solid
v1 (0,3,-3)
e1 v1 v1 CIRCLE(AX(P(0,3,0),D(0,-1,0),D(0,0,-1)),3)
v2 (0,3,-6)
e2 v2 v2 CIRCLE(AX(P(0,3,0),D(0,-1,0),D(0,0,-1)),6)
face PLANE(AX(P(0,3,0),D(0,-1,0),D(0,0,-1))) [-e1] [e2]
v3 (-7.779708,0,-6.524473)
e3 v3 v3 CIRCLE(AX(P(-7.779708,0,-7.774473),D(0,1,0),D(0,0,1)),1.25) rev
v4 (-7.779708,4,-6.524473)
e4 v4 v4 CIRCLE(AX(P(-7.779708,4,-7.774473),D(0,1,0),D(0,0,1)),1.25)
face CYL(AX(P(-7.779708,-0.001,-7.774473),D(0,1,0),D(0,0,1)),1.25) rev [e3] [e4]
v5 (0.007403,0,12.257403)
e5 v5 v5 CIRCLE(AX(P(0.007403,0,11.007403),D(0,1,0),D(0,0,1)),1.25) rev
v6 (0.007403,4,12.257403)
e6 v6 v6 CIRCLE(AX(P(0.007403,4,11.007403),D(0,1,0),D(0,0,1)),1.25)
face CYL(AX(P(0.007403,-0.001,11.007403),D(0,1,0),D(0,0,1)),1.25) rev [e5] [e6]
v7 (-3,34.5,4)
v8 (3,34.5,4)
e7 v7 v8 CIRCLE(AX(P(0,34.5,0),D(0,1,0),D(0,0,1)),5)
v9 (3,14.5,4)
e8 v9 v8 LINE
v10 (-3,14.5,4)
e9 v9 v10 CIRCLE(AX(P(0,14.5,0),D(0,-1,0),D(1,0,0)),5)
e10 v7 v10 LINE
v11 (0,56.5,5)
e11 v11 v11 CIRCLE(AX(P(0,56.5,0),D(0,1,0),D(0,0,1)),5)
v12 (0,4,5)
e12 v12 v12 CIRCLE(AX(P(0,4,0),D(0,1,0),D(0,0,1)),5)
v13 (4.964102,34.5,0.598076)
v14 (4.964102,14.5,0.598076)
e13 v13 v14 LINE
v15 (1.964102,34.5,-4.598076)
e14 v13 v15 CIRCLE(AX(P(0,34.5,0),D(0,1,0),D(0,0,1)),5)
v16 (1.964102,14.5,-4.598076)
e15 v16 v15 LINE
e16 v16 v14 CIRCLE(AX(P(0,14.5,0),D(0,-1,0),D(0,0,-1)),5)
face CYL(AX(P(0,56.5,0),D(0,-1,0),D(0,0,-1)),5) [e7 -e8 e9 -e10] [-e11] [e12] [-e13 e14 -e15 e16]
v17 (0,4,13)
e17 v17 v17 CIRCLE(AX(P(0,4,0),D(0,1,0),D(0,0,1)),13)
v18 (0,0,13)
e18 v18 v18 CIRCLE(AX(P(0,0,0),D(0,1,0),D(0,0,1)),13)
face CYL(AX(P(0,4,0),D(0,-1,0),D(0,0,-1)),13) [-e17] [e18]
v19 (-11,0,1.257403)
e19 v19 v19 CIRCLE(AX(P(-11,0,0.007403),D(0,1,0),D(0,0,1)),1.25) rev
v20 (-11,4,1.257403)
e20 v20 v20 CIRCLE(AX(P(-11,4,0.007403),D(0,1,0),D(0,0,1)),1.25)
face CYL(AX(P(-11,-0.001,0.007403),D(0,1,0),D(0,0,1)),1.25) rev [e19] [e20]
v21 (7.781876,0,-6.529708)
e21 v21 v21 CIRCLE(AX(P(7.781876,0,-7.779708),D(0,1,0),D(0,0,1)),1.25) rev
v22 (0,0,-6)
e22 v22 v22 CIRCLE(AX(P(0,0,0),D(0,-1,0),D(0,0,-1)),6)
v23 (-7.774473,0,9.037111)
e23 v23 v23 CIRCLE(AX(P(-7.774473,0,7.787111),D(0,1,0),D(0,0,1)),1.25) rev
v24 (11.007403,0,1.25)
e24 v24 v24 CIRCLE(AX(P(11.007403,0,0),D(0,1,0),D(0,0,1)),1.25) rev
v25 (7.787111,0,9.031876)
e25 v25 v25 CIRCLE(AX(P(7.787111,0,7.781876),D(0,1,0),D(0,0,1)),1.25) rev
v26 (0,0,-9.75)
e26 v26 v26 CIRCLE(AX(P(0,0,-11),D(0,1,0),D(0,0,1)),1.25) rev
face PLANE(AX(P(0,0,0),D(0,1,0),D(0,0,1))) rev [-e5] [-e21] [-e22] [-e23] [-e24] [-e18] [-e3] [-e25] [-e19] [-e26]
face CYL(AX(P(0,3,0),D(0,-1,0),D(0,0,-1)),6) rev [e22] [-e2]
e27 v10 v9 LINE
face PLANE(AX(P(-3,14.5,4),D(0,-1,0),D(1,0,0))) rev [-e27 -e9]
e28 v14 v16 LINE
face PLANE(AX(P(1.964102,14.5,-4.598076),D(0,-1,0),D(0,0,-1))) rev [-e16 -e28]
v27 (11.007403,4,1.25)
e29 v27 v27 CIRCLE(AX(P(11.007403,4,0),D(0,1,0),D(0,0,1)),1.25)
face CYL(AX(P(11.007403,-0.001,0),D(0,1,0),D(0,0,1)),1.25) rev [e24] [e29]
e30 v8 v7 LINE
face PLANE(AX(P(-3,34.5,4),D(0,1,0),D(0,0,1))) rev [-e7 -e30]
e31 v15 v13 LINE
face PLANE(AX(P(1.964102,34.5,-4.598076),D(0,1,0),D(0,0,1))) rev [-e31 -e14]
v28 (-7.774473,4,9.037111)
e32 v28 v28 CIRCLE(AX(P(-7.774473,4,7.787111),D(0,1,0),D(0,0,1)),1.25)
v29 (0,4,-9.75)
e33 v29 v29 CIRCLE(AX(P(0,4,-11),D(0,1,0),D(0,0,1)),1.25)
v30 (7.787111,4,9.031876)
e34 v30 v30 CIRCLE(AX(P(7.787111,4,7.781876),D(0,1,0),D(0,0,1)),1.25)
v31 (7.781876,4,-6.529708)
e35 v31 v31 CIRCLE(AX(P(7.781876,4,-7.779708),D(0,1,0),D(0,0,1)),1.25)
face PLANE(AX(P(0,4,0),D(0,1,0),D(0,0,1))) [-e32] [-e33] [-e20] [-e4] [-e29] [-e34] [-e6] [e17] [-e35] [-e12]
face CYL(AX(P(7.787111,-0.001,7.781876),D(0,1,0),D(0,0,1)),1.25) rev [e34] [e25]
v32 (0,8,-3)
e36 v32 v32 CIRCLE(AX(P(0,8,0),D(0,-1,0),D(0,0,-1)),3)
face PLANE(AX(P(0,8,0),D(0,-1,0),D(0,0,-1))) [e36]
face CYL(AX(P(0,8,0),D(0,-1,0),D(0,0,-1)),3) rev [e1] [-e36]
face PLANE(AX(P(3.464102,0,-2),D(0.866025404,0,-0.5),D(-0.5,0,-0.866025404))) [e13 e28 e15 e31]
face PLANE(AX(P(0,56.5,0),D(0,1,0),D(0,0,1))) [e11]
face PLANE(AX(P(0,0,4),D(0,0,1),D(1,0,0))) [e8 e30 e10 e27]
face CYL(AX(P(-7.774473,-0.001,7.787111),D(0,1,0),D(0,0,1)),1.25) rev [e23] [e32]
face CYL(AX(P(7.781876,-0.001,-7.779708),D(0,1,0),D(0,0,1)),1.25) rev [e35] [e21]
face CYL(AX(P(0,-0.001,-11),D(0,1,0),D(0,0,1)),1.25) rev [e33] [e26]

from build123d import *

# Parameters (mm, degrees)
SKETCH_1_R          = 13
EXTRUDE_1_DEPTH     = 4
SKETCH_2_R          = 5
EXTRUDE_2_DEPTH     = 52.5
CUT_EXTRUDE_1_REACH = 6
SKETCH_3_R          = 1.25
SKETCH_4_W          = 6
SKETCH_4_H          = 20
CUT_EXTRUDE_2_DEPTH = 1
SKETCH_5_W          = 20
SKETCH_5_H          = 6
CUT_EXTRUDE_3_DEPTH = 1
SKETCH_6_R          = 6
CUT_EXTRUDE_5_DEPTH = 3
SKETCH_7_R          = 3
CUT_EXTRUDE_6_DEPTH = 5


with BuildPart() as part:
    # 스케치1 → 보스-돌출1 (new body)
    with BuildSketch(Plane(origin=(0, 0, 0), x_dir=(1, 0, 0), z_dir=(0, 1, 0))):
        Circle(SKETCH_1_R)
    extrude(amount=EXTRUDE_1_DEPTH)

    # 스케치2 → 보스-돌출2 (add)
    with BuildSketch(Plane(origin=(0, 4, 0), x_dir=(1, 0, 0), z_dir=(0, 1, 0))):
        Circle(SKETCH_2_R)
    extrude(amount=EXTRUDE_2_DEPTH)

    # 스케치3 → 컷-돌출1 (cut, up to next)
    with BuildSketch(Plane(origin=(0, 4, 0), x_dir=(1, 0, 0), z_dir=(0, 1, 0)), mode=Mode.PRIVATE) as cut_extrude_1_sk1:
        with Locations((0, 11)):
            Circle(SKETCH_3_R)
    cut_extrude_1_tool1 = extrude(cut_extrude_1_sk1.sketch, amount=-CUT_EXTRUDE_1_REACH, mode=Mode.PRIVATE) & part.part
    add(cut_extrude_1_tool1.solids().sort_by_distance((0, 4, -11))[0], mode=Mode.SUBTRACT)
    # 스케치3 → 컷-돌출1 (cut, up to next)
    with BuildSketch(Plane(origin=(0, 4, 0), x_dir=(1, 0, 0), z_dir=(0, 1, 0)), mode=Mode.PRIVATE) as cut_extrude_1_sk2:
        with Locations((7.781876099, 7.779707807)):
            Circle(SKETCH_3_R)
    cut_extrude_1_tool2 = extrude(cut_extrude_1_sk2.sketch, amount=-CUT_EXTRUDE_1_REACH, mode=Mode.PRIVATE) & part.part
    add(cut_extrude_1_tool2.solids().sort_by_distance((7.781876, 4, -7.779708))[0], mode=Mode.SUBTRACT)
    # 스케치3 → 컷-돌출1 (cut, up to next)
    with BuildSketch(Plane(origin=(0, 4, 0), x_dir=(1, 0, 0), z_dir=(0, 1, 0)), mode=Mode.PRIVATE) as cut_extrude_1_sk3:
        with Locations((11.007403012, 0)):
            Circle(SKETCH_3_R)
    cut_extrude_1_tool3 = extrude(cut_extrude_1_sk3.sketch, amount=-CUT_EXTRUDE_1_REACH, mode=Mode.PRIVATE) & part.part
    add(cut_extrude_1_tool3.solids().sort_by_distance((11.007403, 4, 0))[0], mode=Mode.SUBTRACT)
    # 스케치3 → 컷-돌출1 (cut, up to next)
    with BuildSketch(Plane(origin=(0, 4, 0), x_dir=(1, 0, 0), z_dir=(0, 1, 0)), mode=Mode.PRIVATE) as cut_extrude_1_sk4:
        with Locations((7.787110819, -7.781876099)):
            Circle(SKETCH_3_R)
    cut_extrude_1_tool4 = extrude(cut_extrude_1_sk4.sketch, amount=-CUT_EXTRUDE_1_REACH, mode=Mode.PRIVATE) & part.part
    add(cut_extrude_1_tool4.solids().sort_by_distance((7.787111, 4, 7.781876))[0], mode=Mode.SUBTRACT)
    # 스케치3 → 컷-돌출1 (cut, up to next)
    with BuildSketch(Plane(origin=(0, 4, 0), x_dir=(1, 0, 0), z_dir=(0, 1, 0)), mode=Mode.PRIVATE) as cut_extrude_1_sk5:
        with Locations((0.007403012, -11.007403012)):
            Circle(SKETCH_3_R)
    cut_extrude_1_tool5 = extrude(cut_extrude_1_sk5.sketch, amount=-CUT_EXTRUDE_1_REACH, mode=Mode.PRIVATE) & part.part
    add(cut_extrude_1_tool5.solids().sort_by_distance((0.007403, 4, 11.007403))[0], mode=Mode.SUBTRACT)
    # 스케치3 → 컷-돌출1 (cut, up to next)
    with BuildSketch(Plane(origin=(0, 4, 0), x_dir=(1, 0, 0), z_dir=(0, 1, 0)), mode=Mode.PRIVATE) as cut_extrude_1_sk6:
        with Locations((-7.774473087, -7.787110819)):
            Circle(SKETCH_3_R)
    cut_extrude_1_tool6 = extrude(cut_extrude_1_sk6.sketch, amount=-CUT_EXTRUDE_1_REACH, mode=Mode.PRIVATE) & part.part
    add(cut_extrude_1_tool6.solids().sort_by_distance((-7.774473, 4, 7.787111))[0], mode=Mode.SUBTRACT)
    # 스케치3 → 컷-돌출1 (cut, up to next)
    with BuildSketch(Plane(origin=(0, 4, 0), x_dir=(1, 0, 0), z_dir=(0, 1, 0)), mode=Mode.PRIVATE) as cut_extrude_1_sk7:
        with Locations((-11, -0.007403012)):
            Circle(SKETCH_3_R)
    cut_extrude_1_tool7 = extrude(cut_extrude_1_sk7.sketch, amount=-CUT_EXTRUDE_1_REACH, mode=Mode.PRIVATE) & part.part
    add(cut_extrude_1_tool7.solids().sort_by_distance((-11, 4, 0.007403))[0], mode=Mode.SUBTRACT)
    # 스케치3 → 컷-돌출1 (cut, up to next)
    with BuildSketch(Plane(origin=(0, 4, 0), x_dir=(1, 0, 0), z_dir=(0, 1, 0)), mode=Mode.PRIVATE) as cut_extrude_1_sk8:
        with Locations((-7.779707807, 7.774473087)):
            Circle(SKETCH_3_R)
    cut_extrude_1_tool8 = extrude(cut_extrude_1_sk8.sketch, amount=-CUT_EXTRUDE_1_REACH, mode=Mode.PRIVATE) & part.part
    add(cut_extrude_1_tool8.solids().sort_by_distance((-7.779708, 4, -7.774473))[0], mode=Mode.SUBTRACT)

    # 스케치4 → 컷-돌출2 (cut)
    with BuildSketch(Plane.XY.offset(5)):
        with Locations((0, 24.5)):
            Rectangle(SKETCH_4_W, SKETCH_4_H)
    extrude(amount=-CUT_EXTRUDE_2_DEPTH, mode=Mode.SUBTRACT)

    # 스케치5 → 컷-돌출3 (cut)
    with BuildSketch(Plane(origin=(4.330127019, 0, -2.5), x_dir=(0, -1, 0), z_dir=(0.866025404, 0, -0.5))):
        with Locations((-24.5, 0)):
            Rectangle(SKETCH_5_W, SKETCH_5_H)
    extrude(amount=-CUT_EXTRUDE_3_DEPTH, mode=Mode.SUBTRACT)

    # 스케치6 → 컷-돌출5 (cut)
    with BuildSketch(Plane.XZ):
        Circle(SKETCH_6_R)
    extrude(amount=-CUT_EXTRUDE_5_DEPTH, mode=Mode.SUBTRACT)

    # 스케치7 → 컷-돌출6 (cut)
    with BuildSketch(Plane.XZ.offset(-3)):
        Circle(SKETCH_7_R)
    extrude(amount=-CUT_EXTRUDE_6_DEPTH, mode=Mode.SUBTRACT)


solid = part.part
